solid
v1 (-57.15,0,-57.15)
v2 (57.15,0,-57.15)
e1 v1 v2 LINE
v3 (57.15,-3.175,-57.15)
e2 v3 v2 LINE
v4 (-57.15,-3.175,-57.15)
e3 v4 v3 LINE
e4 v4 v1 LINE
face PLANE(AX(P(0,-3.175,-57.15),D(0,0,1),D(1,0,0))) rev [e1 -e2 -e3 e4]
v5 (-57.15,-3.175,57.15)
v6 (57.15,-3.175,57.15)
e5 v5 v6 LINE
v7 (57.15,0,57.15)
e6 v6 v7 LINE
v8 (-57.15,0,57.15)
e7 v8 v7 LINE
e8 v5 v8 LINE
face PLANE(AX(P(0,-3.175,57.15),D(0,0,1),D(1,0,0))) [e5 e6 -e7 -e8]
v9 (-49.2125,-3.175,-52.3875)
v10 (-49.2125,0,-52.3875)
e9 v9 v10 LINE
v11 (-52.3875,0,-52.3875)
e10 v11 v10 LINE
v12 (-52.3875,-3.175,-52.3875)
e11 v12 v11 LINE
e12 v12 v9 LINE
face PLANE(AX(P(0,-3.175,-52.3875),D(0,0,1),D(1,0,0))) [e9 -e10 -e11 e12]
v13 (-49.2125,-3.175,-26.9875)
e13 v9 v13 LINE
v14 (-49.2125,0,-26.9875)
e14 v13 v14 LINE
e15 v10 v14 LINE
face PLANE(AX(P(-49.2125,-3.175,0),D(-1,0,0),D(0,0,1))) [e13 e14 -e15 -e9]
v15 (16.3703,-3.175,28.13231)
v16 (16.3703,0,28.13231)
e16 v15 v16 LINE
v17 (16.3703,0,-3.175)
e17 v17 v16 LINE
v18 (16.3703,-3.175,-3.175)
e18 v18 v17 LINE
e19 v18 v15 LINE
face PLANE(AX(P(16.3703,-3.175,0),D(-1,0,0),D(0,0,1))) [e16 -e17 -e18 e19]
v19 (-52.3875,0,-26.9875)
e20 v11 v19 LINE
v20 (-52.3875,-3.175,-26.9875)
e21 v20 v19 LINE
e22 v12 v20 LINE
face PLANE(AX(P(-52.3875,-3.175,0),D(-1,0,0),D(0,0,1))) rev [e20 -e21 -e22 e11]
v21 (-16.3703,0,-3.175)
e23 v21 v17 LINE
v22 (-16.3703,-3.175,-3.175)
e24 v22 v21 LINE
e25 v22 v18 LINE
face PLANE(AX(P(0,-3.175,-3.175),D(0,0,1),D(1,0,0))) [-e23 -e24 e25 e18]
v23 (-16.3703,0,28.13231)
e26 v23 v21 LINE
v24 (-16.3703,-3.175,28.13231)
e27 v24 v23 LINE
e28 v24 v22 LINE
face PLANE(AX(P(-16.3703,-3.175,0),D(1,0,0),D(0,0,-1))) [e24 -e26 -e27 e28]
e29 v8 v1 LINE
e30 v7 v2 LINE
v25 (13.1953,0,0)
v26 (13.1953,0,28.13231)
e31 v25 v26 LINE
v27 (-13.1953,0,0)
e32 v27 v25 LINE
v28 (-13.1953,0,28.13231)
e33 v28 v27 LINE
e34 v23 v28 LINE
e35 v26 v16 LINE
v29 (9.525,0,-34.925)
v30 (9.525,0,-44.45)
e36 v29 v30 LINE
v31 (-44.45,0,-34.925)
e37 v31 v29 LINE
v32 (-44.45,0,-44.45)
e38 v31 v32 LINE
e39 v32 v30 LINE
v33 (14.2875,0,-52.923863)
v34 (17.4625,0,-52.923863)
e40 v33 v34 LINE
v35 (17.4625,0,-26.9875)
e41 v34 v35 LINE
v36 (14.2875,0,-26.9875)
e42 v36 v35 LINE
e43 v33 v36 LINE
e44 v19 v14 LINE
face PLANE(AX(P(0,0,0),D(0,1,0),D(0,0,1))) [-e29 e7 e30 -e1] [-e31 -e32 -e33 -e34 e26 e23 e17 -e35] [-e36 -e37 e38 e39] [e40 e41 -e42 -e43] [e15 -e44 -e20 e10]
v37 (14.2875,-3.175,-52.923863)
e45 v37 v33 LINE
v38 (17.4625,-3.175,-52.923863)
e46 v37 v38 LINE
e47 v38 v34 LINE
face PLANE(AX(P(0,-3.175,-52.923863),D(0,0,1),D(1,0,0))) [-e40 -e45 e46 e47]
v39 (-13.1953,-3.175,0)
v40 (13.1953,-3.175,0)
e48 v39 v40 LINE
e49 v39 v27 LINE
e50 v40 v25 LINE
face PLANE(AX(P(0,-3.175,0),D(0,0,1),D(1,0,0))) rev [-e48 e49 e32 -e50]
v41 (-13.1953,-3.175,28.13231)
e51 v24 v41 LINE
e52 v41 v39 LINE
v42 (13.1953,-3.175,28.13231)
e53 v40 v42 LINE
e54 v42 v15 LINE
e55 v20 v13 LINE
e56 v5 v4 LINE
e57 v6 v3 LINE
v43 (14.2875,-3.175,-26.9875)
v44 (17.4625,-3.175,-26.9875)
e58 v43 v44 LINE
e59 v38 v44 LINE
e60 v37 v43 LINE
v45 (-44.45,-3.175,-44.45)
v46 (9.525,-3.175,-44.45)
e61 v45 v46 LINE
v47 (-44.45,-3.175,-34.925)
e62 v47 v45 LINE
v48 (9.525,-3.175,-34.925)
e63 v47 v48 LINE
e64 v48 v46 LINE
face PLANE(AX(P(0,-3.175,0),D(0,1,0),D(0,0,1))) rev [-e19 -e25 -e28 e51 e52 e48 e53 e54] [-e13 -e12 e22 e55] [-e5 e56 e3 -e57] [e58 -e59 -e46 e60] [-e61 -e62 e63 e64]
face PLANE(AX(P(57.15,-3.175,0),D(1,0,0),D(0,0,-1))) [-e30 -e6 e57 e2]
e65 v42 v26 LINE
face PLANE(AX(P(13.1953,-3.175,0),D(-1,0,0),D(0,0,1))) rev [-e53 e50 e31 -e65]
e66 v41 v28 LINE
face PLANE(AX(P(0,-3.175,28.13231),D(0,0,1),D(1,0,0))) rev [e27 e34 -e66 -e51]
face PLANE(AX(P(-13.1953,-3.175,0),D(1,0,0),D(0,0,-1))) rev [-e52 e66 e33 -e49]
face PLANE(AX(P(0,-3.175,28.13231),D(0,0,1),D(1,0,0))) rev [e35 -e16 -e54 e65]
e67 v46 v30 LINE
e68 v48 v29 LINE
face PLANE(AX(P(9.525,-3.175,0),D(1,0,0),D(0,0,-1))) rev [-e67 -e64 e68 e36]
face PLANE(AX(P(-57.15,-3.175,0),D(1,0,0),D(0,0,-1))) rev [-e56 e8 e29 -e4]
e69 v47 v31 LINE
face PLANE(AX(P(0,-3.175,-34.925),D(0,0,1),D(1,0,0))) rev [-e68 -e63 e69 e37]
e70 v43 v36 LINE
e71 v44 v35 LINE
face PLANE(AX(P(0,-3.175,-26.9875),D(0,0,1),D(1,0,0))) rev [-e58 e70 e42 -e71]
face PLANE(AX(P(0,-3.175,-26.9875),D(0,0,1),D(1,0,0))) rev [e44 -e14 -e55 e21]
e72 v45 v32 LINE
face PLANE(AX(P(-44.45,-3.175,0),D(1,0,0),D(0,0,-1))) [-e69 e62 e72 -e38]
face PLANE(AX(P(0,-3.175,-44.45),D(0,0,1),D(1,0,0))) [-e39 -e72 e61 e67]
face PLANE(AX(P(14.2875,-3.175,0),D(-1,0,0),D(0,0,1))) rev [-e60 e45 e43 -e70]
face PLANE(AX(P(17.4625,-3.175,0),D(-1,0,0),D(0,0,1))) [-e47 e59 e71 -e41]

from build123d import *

# Parameters (mm, degrees)
SKETCH1_W           = 114.3
SKETCH1_H           = 114.3
SKETCH1_W_2         = 3.175
SKETCH1_H_2         = 25.4
SKETCH1_W_3         = 53.975
SKETCH1_H_3         = 9.525
SKETCH1_H_4         = 25.936362634
BOSS_EXTRUDE1_DEPTH = 3.175


with BuildPart() as part:
    # Sketch1 → Boss-Extrude1 (new body)
    with BuildSketch(Plane(origin=(0, 0, 0), x_dir=(1, 0, 0), z_dir=(0, 1, 0))):
        Rectangle(SKETCH1_W, SKETCH1_H)
        Polygon((-13.1953, 0), (-13.1953, -28.132309502), (-16.3703, -28.132309502), (-16.3703, 3.175), (-13.1953, 3.175), (13.1953, 3.175), (16.3703, 3.175), (16.3703, -28.132309502), (13.1953, -28.132309502), (13.1953, 0), align=None, mode=Mode.SUBTRACT)
        with Locations((-50.8, 39.6875)):
            Rectangle(SKETCH1_W_2, SKETCH1_H_2, mode=Mode.SUBTRACT)
        with Locations((-17.4625, 39.6875)):
            Rectangle(SKETCH1_W_3, SKETCH1_H_3, mode=Mode.SUBTRACT)
        with Locations((15.875, 39.955681317)):
            Rectangle(SKETCH1_W_2, SKETCH1_H_4, mode=Mode.SUBTRACT)
    extrude(amount=-BOSS_EXTRUDE1_DEPTH)


solid = part.part
